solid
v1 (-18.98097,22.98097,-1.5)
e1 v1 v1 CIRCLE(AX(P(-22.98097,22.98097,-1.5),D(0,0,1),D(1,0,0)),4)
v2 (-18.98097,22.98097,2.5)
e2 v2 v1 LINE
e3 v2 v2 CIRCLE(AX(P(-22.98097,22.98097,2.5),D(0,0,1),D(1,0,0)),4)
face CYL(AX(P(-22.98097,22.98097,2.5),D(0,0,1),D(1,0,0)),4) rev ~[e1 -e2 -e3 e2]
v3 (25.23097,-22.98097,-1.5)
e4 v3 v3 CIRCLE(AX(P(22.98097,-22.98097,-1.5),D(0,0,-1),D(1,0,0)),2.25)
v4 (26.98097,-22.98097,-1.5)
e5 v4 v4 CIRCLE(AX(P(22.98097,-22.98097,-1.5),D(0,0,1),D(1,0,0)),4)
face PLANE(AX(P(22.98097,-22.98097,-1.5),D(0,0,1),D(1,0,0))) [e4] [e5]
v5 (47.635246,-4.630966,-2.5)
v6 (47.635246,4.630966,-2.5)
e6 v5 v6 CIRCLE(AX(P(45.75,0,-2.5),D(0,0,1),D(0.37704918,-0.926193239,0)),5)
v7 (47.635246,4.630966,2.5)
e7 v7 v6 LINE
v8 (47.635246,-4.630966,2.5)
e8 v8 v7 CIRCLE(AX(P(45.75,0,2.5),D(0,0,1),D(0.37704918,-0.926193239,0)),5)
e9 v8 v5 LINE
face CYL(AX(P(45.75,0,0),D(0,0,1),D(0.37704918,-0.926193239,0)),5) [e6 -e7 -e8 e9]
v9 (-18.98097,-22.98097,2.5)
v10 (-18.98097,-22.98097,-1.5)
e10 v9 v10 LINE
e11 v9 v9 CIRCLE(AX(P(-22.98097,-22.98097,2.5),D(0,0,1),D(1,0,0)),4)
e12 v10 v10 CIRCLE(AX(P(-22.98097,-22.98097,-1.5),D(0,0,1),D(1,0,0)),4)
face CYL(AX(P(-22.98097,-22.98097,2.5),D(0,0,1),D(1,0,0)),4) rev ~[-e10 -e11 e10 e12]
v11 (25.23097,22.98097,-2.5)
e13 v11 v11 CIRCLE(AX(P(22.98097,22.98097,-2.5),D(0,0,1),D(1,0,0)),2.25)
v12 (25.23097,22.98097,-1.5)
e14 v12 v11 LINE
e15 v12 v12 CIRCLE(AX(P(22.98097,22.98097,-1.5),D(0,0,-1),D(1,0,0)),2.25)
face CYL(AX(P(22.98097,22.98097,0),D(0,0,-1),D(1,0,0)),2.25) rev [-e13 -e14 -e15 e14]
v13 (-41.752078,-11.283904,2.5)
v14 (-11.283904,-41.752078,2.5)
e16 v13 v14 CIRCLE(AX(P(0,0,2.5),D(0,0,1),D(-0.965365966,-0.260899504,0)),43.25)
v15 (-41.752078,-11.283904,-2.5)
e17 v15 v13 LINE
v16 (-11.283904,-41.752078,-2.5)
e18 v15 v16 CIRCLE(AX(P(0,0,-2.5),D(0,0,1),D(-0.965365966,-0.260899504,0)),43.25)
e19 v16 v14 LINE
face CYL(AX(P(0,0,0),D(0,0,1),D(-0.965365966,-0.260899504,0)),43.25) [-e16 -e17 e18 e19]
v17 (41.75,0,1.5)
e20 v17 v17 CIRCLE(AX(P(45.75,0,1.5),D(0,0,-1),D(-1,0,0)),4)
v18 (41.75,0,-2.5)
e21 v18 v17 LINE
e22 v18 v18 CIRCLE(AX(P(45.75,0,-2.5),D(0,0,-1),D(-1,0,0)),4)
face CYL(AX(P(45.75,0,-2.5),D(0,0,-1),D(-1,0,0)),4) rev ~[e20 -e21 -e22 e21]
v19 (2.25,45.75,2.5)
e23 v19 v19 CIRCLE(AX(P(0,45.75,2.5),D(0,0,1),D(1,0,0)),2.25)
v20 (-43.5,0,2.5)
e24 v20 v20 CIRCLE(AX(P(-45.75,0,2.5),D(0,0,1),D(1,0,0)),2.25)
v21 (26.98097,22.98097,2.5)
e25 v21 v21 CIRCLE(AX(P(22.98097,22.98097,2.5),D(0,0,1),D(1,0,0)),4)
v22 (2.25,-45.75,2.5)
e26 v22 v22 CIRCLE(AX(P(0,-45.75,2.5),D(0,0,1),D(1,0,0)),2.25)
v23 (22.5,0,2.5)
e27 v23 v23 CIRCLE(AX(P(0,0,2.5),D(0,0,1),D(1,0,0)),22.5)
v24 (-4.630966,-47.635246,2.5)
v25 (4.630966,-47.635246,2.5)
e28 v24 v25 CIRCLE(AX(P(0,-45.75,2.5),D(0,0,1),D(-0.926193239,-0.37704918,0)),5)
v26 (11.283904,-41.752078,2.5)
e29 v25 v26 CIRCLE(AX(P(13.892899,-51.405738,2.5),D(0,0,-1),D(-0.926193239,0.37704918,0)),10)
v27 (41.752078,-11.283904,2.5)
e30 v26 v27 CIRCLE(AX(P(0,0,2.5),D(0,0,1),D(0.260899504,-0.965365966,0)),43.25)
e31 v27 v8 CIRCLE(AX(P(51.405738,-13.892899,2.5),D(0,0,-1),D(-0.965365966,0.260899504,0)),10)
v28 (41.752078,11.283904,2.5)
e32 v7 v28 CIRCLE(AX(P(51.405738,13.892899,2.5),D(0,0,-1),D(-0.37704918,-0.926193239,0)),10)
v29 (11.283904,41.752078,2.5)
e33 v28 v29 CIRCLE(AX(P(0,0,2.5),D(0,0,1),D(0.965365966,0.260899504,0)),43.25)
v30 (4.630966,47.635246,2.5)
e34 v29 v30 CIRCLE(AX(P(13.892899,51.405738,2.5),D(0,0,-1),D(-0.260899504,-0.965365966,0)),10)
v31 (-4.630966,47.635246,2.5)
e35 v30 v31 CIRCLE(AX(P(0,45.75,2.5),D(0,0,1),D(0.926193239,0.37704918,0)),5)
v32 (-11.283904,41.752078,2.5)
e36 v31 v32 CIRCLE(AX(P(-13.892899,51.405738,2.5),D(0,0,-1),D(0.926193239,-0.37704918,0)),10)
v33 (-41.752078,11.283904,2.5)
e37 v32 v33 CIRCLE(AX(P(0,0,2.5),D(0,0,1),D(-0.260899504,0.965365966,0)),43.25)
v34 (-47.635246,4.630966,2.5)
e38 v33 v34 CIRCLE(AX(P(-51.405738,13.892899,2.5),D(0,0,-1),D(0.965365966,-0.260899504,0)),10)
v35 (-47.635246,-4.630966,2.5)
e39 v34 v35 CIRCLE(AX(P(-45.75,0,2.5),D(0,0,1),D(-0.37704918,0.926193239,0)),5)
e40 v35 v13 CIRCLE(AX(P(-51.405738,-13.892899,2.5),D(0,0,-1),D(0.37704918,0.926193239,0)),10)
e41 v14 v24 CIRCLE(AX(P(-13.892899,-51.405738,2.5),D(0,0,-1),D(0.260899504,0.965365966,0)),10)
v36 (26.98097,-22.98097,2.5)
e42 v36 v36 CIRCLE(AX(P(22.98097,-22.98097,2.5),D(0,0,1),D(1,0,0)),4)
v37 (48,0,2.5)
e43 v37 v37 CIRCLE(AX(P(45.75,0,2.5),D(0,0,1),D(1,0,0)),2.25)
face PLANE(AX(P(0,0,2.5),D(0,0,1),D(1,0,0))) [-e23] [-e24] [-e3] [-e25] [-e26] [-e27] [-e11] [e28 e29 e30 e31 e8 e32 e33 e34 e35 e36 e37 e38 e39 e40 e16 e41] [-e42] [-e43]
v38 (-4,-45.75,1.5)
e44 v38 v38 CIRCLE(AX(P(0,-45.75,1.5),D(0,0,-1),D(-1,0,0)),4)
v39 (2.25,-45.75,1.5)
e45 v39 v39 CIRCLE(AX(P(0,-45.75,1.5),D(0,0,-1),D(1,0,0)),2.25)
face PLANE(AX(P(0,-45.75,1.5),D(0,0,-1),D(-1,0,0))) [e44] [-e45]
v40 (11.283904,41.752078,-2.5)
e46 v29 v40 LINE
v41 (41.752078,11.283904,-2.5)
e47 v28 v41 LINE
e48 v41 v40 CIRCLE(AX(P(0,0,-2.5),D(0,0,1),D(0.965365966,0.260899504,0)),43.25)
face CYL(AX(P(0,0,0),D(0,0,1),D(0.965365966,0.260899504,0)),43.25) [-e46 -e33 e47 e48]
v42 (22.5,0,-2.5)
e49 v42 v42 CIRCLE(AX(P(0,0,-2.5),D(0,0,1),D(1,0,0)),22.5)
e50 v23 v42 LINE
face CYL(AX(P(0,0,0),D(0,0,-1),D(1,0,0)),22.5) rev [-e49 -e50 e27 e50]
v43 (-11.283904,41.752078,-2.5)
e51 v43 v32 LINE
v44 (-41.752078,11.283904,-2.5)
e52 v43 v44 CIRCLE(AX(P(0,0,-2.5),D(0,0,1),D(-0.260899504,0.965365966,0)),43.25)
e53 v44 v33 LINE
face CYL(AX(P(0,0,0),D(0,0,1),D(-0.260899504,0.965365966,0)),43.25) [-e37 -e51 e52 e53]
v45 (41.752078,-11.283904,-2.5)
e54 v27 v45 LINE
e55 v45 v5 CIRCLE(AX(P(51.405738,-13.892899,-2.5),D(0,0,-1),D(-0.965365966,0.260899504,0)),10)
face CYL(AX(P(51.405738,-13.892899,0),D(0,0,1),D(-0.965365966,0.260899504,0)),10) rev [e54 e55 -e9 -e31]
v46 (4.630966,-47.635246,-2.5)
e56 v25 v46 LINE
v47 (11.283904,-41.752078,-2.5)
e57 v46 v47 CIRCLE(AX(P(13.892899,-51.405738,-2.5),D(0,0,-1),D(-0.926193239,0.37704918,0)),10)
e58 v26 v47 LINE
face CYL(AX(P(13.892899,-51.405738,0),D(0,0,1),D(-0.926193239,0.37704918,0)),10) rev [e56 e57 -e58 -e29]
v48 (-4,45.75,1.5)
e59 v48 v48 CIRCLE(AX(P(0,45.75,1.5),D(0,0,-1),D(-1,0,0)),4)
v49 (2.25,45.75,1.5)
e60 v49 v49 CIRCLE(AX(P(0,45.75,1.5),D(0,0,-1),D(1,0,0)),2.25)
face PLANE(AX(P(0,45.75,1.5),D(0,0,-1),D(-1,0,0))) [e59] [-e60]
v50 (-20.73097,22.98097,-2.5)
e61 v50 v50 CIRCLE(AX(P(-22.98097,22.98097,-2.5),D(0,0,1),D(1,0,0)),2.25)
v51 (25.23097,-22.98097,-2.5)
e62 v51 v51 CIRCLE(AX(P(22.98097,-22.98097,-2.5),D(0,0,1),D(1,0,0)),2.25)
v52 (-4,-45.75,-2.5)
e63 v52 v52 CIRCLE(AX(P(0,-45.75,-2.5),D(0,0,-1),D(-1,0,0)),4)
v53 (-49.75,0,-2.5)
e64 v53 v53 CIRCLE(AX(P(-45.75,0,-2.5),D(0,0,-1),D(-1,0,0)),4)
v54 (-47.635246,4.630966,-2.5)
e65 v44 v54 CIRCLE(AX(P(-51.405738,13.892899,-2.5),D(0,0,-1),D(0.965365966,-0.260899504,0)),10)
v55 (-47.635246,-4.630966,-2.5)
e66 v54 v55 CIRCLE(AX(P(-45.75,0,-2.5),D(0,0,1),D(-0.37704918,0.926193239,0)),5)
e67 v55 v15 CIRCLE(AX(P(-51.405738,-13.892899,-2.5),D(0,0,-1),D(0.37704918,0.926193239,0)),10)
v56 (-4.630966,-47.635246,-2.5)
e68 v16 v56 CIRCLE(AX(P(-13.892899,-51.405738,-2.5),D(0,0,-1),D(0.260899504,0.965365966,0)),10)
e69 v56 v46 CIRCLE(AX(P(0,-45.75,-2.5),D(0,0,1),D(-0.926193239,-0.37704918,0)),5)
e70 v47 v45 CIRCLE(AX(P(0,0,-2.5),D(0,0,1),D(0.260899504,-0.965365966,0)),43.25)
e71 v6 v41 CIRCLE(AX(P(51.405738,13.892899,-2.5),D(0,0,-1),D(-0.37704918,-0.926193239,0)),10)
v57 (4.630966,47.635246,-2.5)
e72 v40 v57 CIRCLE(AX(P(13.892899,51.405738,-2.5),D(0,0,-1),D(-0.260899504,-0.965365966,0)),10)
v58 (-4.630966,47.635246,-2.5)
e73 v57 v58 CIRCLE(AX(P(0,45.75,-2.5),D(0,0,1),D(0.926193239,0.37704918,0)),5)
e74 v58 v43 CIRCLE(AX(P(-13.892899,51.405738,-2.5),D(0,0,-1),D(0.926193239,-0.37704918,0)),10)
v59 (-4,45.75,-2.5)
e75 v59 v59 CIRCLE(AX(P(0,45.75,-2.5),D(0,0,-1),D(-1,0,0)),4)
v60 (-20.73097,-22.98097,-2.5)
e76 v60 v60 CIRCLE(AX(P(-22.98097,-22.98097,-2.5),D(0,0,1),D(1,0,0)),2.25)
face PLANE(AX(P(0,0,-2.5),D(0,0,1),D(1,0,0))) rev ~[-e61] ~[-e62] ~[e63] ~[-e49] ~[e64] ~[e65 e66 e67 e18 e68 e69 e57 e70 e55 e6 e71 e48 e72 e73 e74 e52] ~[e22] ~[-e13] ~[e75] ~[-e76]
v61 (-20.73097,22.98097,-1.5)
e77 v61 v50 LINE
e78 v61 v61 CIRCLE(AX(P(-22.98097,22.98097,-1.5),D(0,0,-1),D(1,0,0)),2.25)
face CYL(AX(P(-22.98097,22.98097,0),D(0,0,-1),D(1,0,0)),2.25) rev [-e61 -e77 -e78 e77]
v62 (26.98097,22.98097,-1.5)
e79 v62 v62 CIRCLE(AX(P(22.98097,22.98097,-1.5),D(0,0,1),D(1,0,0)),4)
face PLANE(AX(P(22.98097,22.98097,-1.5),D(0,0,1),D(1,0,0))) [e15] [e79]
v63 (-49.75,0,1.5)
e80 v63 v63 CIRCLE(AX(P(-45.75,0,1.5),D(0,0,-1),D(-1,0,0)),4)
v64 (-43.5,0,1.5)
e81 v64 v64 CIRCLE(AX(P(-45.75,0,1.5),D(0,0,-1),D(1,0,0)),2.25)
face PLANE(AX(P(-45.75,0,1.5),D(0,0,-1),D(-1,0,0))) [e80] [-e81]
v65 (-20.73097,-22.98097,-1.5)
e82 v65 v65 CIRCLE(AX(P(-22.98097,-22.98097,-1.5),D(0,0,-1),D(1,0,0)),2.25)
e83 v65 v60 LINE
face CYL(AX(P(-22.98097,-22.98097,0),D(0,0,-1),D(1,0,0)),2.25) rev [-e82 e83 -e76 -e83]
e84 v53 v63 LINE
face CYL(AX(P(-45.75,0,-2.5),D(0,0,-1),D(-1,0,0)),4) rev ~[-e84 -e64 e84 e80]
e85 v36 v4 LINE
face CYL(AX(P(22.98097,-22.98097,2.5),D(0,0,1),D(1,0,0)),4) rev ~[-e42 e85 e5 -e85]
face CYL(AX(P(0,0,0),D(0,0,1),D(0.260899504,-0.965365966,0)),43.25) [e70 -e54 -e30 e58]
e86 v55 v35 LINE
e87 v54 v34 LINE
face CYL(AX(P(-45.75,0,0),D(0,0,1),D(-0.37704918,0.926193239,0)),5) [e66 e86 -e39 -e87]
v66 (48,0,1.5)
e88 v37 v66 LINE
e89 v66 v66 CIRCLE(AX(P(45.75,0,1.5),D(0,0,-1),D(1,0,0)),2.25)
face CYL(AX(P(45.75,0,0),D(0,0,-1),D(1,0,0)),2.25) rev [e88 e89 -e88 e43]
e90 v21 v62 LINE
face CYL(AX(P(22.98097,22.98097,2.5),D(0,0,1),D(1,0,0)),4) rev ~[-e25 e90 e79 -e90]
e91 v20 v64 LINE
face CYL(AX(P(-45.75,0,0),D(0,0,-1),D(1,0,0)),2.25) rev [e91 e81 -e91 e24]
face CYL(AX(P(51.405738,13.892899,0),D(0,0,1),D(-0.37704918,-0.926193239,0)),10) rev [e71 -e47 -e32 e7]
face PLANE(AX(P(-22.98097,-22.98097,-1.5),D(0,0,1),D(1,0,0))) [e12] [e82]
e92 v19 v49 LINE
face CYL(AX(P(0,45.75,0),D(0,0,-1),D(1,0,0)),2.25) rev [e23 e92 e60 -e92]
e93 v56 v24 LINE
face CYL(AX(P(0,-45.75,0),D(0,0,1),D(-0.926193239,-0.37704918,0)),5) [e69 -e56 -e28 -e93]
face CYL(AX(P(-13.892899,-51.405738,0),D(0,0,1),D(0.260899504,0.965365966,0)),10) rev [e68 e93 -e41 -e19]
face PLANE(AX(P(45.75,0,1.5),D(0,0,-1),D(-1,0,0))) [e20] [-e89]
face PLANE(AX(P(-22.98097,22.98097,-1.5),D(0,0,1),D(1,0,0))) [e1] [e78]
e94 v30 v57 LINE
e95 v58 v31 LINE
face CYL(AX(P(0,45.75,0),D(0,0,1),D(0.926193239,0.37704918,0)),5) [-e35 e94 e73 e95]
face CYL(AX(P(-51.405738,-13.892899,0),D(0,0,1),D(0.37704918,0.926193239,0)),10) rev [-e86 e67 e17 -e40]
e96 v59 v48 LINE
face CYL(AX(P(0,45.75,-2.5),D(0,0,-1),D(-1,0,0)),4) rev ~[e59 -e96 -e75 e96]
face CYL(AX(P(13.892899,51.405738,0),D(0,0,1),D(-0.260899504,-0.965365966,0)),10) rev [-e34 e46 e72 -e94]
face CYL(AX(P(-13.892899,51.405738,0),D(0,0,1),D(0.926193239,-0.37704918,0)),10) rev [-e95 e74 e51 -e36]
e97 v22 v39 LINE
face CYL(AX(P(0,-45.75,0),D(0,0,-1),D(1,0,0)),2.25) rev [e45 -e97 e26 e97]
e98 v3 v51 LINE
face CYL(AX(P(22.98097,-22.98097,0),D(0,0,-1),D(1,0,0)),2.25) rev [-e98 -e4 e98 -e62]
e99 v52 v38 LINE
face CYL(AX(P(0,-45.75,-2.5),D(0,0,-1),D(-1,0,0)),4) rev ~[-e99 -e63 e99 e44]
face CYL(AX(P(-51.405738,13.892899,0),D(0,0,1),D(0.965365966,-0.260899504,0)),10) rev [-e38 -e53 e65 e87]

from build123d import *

# Parameters (mm, degrees)
SKETCH1_R           = 2.25
SKETCH1_R_2         = 22.5
BOSS_EXTRUDE1_DEPTH = 2.5
SKETCH3_R           = 4
CUT_EXTRUDE2_DEPTH  = 4
SKETCH4_R           = 4
CUT_EXTRUDE3_DEPTH  = 4


with BuildPart() as part:
    # Sketch1 → Boss-Extrude1 (new, symmetric)
    with BuildSketch(Plane.XY):
        with BuildLine():
            ThreePointArc((4.630966194, 47.635245902), (0, 50.75), (-4.630966194, 47.635245902))
            ThreePointArc((-4.630966194, 47.635245902), (-7.268500835, 43.914585958), (-11.283903543, 41.752078042))
            ThreePointArc((-11.283903543, 41.752078042), (-30.582368286, 30.582368286), (-41.752078042, 11.283903543))
            ThreePointArc((-41.752078042, 11.283903543), (-43.914585958, 7.268500835), (-47.635245902, 4.630966194))
            ThreePointArc((-47.635245902, 4.630966194), (-50.75, 0), (-47.635245902, -4.630966194))
            ThreePointArc((-47.635245902, -4.630966194), (-43.914585958, -7.268500835), (-41.752078042, -11.283903543))
            ThreePointArc((-41.752078042, -11.283903543), (-30.582368286, -30.582368286), (-11.283903543, -41.752078042))
            ThreePointArc((-11.283903543, -41.752078042), (-7.268500835, -43.914585958), (-4.630966194, -47.635245902))
            ThreePointArc((-4.630966194, -47.635245902), (0, -50.75), (4.630966194, -47.635245902))
            ThreePointArc((4.630966194, -47.635245902), (7.268500835, -43.914585958), (11.283903543, -41.752078042))
            ThreePointArc((11.283903543, -41.752078042), (30.582368286, -30.582368286), (41.752078042, -11.283903543))
            ThreePointArc((41.752078042, -11.283903543), (43.914585958, -7.268500835), (47.635245902, -4.630966194))
            ThreePointArc((47.635245902, -4.630966194), (50.75, 0), (47.635245902, 4.630966194))
            ThreePointArc((47.635245902, 4.630966194), (43.914585958, 7.268500835), (41.752078042, 11.283903543))
            ThreePointArc((41.752078042, 11.283903543), (30.582368286, 30.582368286), (11.283903543, 41.752078042))
            ThreePointArc((11.283903543, 41.752078042), (7.268500835, 43.914585958), (4.630966194, 47.635245902))
        make_face()
        with Locations((-45.75, 0)):
            Circle(SKETCH1_R, mode=Mode.SUBTRACT)
        with Locations((0, 45.75)):
            Circle(SKETCH1_R, mode=Mode.SUBTRACT)
        with Locations((45.75, 0)):
            Circle(SKETCH1_R, mode=Mode.SUBTRACT)
        with Locations((0, -45.75)):
            Circle(SKETCH1_R, mode=Mode.SUBTRACT)
        with Locations((-22.980970389, 22.980970389)):
            Circle(SKETCH1_R, mode=Mode.SUBTRACT)
        with Locations((22.980970389, 22.980970389)):
            Circle(SKETCH1_R, mode=Mode.SUBTRACT)
        with Locations((22.980970389, -22.980970389)):
            Circle(SKETCH1_R, mode=Mode.SUBTRACT)
        with Locations((-22.980970389, -22.980970389)):
            Circle(SKETCH1_R, mode=Mode.SUBTRACT)
        Circle(SKETCH1_R_2, mode=Mode.SUBTRACT)
    extrude(amount=BOSS_EXTRUDE1_DEPTH, both=True)

    # Sketch3 → Cut-Extrude2 (cut)
    with BuildSketch(Plane.XY.offset(2.5)):
        with Locations((-22.980970389, -22.980970389)):
            Circle(SKETCH3_R)
        with Locations((-22.980970389, 22.980970389)):
            Circle(SKETCH3_R)
        with Locations((22.980970389, 22.980970389)):
            Circle(SKETCH3_R)
        with Locations((22.980970389, -22.980970389)):
            Circle(SKETCH3_R)
    extrude(amount=-CUT_EXTRUDE2_DEPTH, mode=Mode.SUBTRACT)

    # Sketch4 → Cut-Extrude3 (cut)
    with BuildSketch(Plane(origin=(0, 0, -2.5), x_dir=(-1, 0, 0), z_dir=(0, 0, -1))):
        with Locations((0, 45.75)):
            Circle(SKETCH4_R)
        with Locations((45.75, 0)):
            Circle(SKETCH4_R)
        with Locations((0, -45.75)):
            Circle(SKETCH4_R)
        with Locations((-45.75, 0)):
            Circle(SKETCH4_R)
    extrude(amount=-CUT_EXTRUDE3_DEPTH, mode=Mode.SUBTRACT)


solid = part.part
